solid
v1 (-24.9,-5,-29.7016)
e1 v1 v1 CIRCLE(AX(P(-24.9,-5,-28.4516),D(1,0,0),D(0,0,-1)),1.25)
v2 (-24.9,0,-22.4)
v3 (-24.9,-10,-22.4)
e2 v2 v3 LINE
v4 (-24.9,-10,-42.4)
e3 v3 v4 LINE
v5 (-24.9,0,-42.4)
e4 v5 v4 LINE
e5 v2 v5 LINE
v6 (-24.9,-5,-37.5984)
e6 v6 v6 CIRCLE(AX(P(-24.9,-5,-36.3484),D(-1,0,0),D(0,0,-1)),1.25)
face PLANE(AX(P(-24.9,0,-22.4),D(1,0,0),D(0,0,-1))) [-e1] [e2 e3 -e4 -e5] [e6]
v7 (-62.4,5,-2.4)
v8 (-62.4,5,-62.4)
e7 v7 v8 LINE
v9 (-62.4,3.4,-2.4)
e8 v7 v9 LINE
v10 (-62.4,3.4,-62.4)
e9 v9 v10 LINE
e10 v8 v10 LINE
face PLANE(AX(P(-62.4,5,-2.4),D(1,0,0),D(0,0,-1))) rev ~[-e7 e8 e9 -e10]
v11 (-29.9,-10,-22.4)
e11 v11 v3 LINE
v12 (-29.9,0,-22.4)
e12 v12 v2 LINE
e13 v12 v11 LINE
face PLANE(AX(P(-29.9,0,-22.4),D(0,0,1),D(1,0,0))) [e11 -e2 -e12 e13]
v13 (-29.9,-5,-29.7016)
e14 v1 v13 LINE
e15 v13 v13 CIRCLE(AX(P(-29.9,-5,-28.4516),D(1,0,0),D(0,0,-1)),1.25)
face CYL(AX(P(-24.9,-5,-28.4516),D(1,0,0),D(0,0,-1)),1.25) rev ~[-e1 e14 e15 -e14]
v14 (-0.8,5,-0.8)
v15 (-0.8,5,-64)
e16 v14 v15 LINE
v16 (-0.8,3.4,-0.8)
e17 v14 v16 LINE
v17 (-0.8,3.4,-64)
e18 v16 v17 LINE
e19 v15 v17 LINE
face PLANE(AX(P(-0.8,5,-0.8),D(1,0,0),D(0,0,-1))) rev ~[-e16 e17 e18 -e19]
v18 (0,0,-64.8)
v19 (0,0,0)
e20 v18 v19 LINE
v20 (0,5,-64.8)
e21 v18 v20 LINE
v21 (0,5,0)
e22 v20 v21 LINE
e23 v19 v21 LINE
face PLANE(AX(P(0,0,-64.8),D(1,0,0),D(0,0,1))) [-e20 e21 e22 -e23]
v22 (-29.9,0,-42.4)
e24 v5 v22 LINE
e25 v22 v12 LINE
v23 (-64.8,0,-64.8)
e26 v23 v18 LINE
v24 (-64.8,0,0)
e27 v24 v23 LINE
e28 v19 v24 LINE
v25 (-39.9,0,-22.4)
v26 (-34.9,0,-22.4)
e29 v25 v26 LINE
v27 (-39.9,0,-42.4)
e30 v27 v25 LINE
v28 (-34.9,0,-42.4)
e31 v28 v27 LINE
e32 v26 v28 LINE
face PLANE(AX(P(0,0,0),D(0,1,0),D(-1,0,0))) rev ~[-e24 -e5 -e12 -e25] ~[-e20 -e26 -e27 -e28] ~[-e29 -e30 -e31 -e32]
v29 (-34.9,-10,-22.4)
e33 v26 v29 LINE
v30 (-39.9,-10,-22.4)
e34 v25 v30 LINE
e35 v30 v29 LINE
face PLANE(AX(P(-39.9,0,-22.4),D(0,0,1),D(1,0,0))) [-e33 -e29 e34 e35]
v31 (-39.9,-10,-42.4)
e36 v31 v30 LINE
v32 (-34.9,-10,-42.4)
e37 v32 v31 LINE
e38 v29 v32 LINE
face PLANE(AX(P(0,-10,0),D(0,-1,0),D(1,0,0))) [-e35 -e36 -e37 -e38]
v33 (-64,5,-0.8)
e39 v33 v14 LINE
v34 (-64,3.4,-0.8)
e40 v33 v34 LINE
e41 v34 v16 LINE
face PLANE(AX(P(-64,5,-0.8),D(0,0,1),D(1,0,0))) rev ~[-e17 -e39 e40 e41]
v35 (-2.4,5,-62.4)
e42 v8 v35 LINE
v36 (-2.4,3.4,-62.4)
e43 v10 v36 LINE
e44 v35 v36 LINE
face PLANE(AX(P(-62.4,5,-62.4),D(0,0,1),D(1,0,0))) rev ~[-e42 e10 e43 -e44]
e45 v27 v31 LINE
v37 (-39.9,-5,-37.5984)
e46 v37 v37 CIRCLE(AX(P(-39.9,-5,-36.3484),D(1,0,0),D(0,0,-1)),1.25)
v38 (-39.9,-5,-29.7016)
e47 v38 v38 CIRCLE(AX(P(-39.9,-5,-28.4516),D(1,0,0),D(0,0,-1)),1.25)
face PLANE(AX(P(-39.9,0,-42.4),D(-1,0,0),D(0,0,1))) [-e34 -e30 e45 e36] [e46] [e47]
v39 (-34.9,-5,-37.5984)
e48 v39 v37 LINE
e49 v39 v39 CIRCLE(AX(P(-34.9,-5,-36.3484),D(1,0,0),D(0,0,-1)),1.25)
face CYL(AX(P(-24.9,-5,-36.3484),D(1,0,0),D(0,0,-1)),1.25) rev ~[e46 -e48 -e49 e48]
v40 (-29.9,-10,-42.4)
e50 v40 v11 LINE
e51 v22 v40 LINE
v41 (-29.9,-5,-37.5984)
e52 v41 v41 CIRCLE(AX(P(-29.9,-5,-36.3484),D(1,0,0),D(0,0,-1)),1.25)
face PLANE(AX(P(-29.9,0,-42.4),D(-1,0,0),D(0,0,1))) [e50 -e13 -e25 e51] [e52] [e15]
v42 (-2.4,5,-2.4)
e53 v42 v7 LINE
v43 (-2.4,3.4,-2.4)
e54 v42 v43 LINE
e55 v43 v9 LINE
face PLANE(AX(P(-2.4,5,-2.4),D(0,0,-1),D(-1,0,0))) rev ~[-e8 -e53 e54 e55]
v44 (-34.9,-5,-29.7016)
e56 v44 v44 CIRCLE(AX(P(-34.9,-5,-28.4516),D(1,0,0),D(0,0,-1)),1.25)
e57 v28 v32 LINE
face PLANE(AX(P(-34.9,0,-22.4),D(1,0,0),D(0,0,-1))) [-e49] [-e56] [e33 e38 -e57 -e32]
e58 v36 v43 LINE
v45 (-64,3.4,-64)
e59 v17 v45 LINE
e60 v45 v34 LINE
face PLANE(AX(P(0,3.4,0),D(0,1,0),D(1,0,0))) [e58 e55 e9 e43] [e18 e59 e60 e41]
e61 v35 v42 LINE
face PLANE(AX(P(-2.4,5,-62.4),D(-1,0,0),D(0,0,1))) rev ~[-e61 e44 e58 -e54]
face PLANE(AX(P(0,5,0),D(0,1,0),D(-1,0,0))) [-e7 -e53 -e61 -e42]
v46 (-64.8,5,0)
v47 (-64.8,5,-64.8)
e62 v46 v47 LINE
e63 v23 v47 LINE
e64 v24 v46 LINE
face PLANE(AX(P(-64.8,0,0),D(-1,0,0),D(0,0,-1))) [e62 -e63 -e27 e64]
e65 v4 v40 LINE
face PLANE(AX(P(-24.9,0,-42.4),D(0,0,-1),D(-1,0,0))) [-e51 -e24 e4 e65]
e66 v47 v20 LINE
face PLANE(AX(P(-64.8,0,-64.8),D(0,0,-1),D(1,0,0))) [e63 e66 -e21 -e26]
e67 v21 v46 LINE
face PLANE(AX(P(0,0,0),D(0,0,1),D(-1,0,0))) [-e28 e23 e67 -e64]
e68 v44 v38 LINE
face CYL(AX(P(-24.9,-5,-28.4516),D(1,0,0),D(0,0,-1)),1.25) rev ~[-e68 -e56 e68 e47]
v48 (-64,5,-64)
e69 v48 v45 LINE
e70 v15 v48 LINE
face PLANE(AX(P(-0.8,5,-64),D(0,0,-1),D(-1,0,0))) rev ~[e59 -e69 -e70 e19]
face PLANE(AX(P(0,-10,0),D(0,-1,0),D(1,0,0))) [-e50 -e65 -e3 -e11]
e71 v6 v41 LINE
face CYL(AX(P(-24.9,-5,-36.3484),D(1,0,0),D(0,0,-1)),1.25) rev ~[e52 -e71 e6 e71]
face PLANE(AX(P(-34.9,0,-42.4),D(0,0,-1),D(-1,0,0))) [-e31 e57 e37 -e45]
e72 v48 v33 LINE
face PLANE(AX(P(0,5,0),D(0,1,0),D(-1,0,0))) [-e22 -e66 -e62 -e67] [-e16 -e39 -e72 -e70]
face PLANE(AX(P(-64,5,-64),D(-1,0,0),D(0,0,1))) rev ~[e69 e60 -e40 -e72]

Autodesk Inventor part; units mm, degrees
ref_plane "YZ Plane" through (0, 0, 0) normal (1, 0, 0) x (0, 1, 0)
ref_plane "XZ Plane" through (0, 0, 0) normal (0, 1, 0) x (-1, 0, 0)
ref_plane "XY Plane" through (0, 0, 0) normal (0, 0, 1) x (1, 0, 0)
sketch "스케치1" plane through (0, 0, 0) normal (0, 1, 0) x (-1, 0, 0)
  line L0 (0, 0) -> (64.8, 0)
  line L1 (64.8, 0) -> (64.8, -64.8)
  line L2 (64.8, -64.8) -> (0, -64.8)
  line L3 (0, -64.8) -> (0, 0)
  dimension "d0" = 64.8
  dimension "d1" = 64.8
extrude "돌출1" add sketch "스케치1" along normal blind 5
sketch "스케치2" plane through (0, 5, 0) normal (0, 1, 0) x (1, 0, 0)
  line L0 (-2.4, 2.4) -> (-62.4, 2.4)
  line L1 (-62.4, 2.4) -> (-62.4, 62.4)
  line L2 (-62.4, 62.4) -> (-2.4, 62.4)
  line L3 (-2.4, 62.4) -> (-2.4, 2.4)
  line L4 (-64.8, 0) -> (0, 0) projected
  line L5 (0, 0) -> (0, 64.8) projected
  line L6 (-64, 0.8) -> (-0.8, 0.8)
  line L7 (-0.8, 0.8) -> (-0.8, 64)
  line L8 (-0.8, 64) -> (-64, 64)
  line L9 (-64, 64) -> (-64, 0.8)
  line L10 (0, 64.8) -> (-64.8, 64.8) projected
  dimension "d54" = 60
  dimension "d55" = 1.6
  dimension "d56" = 1.6
  dimension "d57" = 1.6
  dimension "d58" = 1.6
  dimension "d59" = 2.4
  dimension "d60" = 2.4
  dimension "d61" = 2.4
extrude "돌출2" cut sketch "스케치2" against normal blind 1.6
sketch "스케치7" plane through (0, 0, 0) normal (0, -1, 0) x (1, 0, 0)
  line L0 (-29.9, -22.4) -> (-24.9, -22.4)
  line L1 (-24.9, -22.4) -> (-24.9, -42.4)
  line L2 (-24.9, -42.4) -> (-29.9, -42.4)
  line L3 (-29.9, -42.4) -> (-29.9, -22.4)
  line L4 (-39.9, -22.4) -> (-34.9, -22.4)
  line L5 (-34.9, -22.4) -> (-34.9, -42.4)
  line L6 (-34.9, -42.4) -> (-39.9, -42.4)
  line L7 (-39.9, -42.4) -> (-39.9, -22.4)
  line L8 (0, 0) -> (0, -64.8) projected
  line L9 (-34.9, -42.4) -> (-29.9, -42.4)
  line L10 (-64.8, 0) -> (0, 0) projected
  point P0 (0, -32.4)
  point P1 (-24.9, -32.4)
  point P2 (-32.4, -42.4)
  point P3 (-32.4, 0)
  dimension "d37" = 5
  dimension "d38" = 20
  dimension "d41" = 10
extrude "돌출7" add sketch "스케치7" along normal blind 10
sketch "스케치8" plane through (-24.9, 0, -22.4) normal (1, 0, 0) x (0, 0, -1)
  circle A0 centre (6.0516, -5) radius 1.25
  circle A1 centre (13.9484, -5) radius 1.25
  line L0 (13.9484, -5) -> (6.0516, -5)
  line L1 (-22.4, 0) -> (42.4, 0) projected
  line L2 (0, 0) -> (0, -10) projected
  point P0 (10, -5)
  point P1 (10, 0)
  point P2 (0, -5)
  dimension "d48" = 2.5
  dimension "d49" = 2.5
extrude "돌출8" cut sketch "스케치8" against normal blind 15
properties part number "사각형 OV-PAM 5패턴 상단"
